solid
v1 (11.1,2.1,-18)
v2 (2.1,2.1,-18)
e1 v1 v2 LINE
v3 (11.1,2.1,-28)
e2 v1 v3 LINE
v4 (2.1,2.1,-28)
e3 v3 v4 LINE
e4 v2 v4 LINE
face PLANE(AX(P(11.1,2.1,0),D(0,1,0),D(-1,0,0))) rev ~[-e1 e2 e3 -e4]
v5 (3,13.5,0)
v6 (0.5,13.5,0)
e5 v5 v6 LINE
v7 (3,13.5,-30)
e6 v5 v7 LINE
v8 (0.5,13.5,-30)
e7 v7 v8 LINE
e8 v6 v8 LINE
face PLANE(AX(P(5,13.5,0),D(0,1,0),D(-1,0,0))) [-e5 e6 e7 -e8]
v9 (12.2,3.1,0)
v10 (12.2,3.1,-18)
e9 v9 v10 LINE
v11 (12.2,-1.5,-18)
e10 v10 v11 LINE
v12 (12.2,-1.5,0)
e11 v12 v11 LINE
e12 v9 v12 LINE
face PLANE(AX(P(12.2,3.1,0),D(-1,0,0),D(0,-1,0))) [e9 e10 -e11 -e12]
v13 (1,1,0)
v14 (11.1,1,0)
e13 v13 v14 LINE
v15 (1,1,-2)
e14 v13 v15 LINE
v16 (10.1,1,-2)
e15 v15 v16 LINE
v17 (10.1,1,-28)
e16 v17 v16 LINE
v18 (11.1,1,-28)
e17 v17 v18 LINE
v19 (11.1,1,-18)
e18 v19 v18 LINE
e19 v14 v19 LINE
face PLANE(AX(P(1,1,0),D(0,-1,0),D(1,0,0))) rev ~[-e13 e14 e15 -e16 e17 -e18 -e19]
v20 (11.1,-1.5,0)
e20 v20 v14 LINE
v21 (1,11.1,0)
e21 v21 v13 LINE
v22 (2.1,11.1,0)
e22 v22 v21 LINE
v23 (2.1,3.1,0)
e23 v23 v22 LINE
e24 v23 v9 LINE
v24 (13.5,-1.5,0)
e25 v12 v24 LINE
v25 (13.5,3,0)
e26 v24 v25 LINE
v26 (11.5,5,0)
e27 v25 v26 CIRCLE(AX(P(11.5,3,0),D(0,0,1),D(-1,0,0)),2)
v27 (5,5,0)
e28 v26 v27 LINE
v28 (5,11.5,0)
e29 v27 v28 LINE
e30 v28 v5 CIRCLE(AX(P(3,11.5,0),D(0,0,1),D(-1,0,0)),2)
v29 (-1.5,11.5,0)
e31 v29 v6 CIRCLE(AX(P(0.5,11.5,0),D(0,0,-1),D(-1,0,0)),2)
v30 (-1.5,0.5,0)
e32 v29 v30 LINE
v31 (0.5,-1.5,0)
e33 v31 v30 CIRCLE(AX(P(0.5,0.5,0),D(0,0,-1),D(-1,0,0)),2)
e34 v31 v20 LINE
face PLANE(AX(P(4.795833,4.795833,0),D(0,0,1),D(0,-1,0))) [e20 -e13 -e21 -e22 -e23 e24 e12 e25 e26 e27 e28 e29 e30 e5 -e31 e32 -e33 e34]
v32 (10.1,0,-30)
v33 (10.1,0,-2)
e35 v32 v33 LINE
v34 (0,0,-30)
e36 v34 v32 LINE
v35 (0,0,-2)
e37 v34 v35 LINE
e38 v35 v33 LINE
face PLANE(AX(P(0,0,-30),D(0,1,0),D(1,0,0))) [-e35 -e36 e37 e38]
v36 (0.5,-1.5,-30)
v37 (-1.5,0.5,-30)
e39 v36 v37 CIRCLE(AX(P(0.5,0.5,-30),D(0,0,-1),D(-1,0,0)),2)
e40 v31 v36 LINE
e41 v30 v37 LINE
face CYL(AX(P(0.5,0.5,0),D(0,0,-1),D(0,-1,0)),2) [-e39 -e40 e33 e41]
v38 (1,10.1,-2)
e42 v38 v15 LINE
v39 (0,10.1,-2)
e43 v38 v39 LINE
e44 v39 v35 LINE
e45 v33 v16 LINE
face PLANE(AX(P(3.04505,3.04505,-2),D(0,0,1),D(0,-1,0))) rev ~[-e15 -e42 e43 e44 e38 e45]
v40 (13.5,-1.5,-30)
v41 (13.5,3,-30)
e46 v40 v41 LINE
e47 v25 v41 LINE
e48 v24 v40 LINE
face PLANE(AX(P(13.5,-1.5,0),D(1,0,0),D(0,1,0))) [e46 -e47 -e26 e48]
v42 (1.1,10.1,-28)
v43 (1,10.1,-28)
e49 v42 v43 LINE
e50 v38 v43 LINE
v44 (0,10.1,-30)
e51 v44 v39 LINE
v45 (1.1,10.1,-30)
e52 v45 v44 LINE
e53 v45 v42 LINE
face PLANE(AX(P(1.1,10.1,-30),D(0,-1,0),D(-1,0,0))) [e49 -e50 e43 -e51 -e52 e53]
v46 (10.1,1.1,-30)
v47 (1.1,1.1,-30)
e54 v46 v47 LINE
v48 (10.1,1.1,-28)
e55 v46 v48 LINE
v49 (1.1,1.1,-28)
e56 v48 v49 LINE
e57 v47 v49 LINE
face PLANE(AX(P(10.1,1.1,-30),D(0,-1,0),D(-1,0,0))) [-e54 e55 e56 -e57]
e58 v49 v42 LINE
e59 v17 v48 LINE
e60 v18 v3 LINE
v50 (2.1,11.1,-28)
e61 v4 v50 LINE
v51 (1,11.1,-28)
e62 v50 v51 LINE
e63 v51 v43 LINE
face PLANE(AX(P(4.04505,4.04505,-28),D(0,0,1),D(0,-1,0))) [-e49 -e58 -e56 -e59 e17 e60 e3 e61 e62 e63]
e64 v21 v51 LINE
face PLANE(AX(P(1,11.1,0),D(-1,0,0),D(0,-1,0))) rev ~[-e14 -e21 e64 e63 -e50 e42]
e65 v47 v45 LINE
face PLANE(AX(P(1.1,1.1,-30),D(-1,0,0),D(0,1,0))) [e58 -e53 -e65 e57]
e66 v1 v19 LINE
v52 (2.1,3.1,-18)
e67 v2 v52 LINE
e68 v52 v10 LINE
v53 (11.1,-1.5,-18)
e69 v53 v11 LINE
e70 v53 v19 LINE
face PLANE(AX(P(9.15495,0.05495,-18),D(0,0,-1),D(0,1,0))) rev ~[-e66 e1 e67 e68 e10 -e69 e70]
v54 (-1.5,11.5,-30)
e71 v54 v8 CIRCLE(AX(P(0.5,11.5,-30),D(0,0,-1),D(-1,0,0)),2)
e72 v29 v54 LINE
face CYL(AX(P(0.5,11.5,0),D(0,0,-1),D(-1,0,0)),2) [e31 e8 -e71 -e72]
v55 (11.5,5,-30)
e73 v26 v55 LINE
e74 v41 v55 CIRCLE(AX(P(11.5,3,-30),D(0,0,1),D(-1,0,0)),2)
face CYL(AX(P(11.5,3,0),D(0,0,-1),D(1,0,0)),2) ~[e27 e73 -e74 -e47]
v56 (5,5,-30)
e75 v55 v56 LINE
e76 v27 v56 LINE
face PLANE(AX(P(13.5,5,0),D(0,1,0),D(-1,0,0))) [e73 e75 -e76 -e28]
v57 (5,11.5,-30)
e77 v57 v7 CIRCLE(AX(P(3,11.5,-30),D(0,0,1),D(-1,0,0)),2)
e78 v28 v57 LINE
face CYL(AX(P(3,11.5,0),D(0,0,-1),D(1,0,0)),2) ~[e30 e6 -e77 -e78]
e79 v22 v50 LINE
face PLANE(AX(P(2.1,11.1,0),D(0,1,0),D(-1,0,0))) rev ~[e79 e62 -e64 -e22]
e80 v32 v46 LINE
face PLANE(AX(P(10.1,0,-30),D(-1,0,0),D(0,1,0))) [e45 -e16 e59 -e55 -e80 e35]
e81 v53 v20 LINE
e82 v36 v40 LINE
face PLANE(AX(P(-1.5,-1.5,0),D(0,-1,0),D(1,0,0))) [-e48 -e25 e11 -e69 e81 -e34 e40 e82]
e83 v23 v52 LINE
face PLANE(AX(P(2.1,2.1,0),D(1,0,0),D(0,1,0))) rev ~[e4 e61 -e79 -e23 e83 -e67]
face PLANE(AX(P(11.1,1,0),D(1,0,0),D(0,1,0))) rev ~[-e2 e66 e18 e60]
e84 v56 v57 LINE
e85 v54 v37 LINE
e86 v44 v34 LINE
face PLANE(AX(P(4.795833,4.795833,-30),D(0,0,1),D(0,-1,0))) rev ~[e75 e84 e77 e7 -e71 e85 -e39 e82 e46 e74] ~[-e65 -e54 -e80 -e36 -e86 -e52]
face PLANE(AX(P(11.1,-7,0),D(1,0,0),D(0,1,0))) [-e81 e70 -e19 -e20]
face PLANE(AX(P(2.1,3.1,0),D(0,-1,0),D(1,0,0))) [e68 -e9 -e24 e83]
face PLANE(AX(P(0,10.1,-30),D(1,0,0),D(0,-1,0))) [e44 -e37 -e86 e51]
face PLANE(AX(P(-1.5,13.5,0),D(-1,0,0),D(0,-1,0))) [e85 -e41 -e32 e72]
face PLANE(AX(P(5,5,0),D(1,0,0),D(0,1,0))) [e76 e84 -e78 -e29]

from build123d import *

# Parameters (mm, degrees)
PAD_DEPTH                          = 30
POCKET012_DEPTH                    = 28
POCKET013_DEPTH                    = 28
POCKET014_DEPTH                    = 18
FILLET005_R                        = 2
B_BOTTOM_CONNECTOR_ROLL_ANGLE      = 180
B_BOTTOM_CONNECTOR_PLACEMENT_ANGLE = 90


with BuildPart() as part:
    # Sketch039 → Pad (new body)
    with BuildSketch(Plane.XY):
        Polygon((5, 5), (13.5, 5), (13.5, -1.5), (-1.5, -1.5), (-1.5, 13.5), (5, 13.5), align=None)
    extrude(amount=PAD_DEPTH)

    # Sketch041 (on DatumPlane) → Pocket012 (cut)
    with BuildSketch(Plane.XY.offset(30)):
        Polygon((0, 10.1), (1.1, 10.1), (1.1, 1.1), (10.1, 1.1), (10.1, 0), (0, 0), align=None)
    extrude(amount=-POCKET012_DEPTH, mode=Mode.SUBTRACT)

    # Sketch040 (on X_Axis) → Pocket013 (cut)
    with BuildSketch(Plane.XY):
        Polygon((1, 11.1), (2.1, 11.1), (2.1, 2.1), (11.1, 2.1), (11.1, 1), (1, 1), align=None)
    extrude(amount=POCKET013_DEPTH, mode=Mode.SUBTRACT)

    # Sketch042 → Pocket014 (cut)
    with BuildSketch(Plane.XY):
        Polygon((2, 2.1), (3.1, 2.1), (3.1, 12.2), (-7, 12.2), (-7, 11.1), (2, 11.1), align=None)
    extrude(amount=POCKET014_DEPTH, mode=Mode.SUBTRACT)

    # Fillet005
    fillet005_edges = [part.edges().sort_by_distance(p)[0] for p in [
        (13.5, -1.5, 15),
        (-1.5, -1.5, 15),
        (13.5, 5, 15),
        (5, 13.5, 15),
    ]]
    fillet(fillet005_edges, radius=FILLET005_R)


with BuildPart() as part_1:
    # b_bottom_connector roll: moved
    add(part.part.rotate(Axis((0, 0, 0), (1, 0, 0)), B_BOTTOM_CONNECTOR_ROLL_ANGLE))


with BuildPart() as part_2:
    # b_bottom_connector placement: moved
    add(part_1.part.rotate(Axis((0, 0, 0), (0, 0, 1)), B_BOTTOM_CONNECTOR_PLACEMENT_ANGLE))


solid = part_2.part
